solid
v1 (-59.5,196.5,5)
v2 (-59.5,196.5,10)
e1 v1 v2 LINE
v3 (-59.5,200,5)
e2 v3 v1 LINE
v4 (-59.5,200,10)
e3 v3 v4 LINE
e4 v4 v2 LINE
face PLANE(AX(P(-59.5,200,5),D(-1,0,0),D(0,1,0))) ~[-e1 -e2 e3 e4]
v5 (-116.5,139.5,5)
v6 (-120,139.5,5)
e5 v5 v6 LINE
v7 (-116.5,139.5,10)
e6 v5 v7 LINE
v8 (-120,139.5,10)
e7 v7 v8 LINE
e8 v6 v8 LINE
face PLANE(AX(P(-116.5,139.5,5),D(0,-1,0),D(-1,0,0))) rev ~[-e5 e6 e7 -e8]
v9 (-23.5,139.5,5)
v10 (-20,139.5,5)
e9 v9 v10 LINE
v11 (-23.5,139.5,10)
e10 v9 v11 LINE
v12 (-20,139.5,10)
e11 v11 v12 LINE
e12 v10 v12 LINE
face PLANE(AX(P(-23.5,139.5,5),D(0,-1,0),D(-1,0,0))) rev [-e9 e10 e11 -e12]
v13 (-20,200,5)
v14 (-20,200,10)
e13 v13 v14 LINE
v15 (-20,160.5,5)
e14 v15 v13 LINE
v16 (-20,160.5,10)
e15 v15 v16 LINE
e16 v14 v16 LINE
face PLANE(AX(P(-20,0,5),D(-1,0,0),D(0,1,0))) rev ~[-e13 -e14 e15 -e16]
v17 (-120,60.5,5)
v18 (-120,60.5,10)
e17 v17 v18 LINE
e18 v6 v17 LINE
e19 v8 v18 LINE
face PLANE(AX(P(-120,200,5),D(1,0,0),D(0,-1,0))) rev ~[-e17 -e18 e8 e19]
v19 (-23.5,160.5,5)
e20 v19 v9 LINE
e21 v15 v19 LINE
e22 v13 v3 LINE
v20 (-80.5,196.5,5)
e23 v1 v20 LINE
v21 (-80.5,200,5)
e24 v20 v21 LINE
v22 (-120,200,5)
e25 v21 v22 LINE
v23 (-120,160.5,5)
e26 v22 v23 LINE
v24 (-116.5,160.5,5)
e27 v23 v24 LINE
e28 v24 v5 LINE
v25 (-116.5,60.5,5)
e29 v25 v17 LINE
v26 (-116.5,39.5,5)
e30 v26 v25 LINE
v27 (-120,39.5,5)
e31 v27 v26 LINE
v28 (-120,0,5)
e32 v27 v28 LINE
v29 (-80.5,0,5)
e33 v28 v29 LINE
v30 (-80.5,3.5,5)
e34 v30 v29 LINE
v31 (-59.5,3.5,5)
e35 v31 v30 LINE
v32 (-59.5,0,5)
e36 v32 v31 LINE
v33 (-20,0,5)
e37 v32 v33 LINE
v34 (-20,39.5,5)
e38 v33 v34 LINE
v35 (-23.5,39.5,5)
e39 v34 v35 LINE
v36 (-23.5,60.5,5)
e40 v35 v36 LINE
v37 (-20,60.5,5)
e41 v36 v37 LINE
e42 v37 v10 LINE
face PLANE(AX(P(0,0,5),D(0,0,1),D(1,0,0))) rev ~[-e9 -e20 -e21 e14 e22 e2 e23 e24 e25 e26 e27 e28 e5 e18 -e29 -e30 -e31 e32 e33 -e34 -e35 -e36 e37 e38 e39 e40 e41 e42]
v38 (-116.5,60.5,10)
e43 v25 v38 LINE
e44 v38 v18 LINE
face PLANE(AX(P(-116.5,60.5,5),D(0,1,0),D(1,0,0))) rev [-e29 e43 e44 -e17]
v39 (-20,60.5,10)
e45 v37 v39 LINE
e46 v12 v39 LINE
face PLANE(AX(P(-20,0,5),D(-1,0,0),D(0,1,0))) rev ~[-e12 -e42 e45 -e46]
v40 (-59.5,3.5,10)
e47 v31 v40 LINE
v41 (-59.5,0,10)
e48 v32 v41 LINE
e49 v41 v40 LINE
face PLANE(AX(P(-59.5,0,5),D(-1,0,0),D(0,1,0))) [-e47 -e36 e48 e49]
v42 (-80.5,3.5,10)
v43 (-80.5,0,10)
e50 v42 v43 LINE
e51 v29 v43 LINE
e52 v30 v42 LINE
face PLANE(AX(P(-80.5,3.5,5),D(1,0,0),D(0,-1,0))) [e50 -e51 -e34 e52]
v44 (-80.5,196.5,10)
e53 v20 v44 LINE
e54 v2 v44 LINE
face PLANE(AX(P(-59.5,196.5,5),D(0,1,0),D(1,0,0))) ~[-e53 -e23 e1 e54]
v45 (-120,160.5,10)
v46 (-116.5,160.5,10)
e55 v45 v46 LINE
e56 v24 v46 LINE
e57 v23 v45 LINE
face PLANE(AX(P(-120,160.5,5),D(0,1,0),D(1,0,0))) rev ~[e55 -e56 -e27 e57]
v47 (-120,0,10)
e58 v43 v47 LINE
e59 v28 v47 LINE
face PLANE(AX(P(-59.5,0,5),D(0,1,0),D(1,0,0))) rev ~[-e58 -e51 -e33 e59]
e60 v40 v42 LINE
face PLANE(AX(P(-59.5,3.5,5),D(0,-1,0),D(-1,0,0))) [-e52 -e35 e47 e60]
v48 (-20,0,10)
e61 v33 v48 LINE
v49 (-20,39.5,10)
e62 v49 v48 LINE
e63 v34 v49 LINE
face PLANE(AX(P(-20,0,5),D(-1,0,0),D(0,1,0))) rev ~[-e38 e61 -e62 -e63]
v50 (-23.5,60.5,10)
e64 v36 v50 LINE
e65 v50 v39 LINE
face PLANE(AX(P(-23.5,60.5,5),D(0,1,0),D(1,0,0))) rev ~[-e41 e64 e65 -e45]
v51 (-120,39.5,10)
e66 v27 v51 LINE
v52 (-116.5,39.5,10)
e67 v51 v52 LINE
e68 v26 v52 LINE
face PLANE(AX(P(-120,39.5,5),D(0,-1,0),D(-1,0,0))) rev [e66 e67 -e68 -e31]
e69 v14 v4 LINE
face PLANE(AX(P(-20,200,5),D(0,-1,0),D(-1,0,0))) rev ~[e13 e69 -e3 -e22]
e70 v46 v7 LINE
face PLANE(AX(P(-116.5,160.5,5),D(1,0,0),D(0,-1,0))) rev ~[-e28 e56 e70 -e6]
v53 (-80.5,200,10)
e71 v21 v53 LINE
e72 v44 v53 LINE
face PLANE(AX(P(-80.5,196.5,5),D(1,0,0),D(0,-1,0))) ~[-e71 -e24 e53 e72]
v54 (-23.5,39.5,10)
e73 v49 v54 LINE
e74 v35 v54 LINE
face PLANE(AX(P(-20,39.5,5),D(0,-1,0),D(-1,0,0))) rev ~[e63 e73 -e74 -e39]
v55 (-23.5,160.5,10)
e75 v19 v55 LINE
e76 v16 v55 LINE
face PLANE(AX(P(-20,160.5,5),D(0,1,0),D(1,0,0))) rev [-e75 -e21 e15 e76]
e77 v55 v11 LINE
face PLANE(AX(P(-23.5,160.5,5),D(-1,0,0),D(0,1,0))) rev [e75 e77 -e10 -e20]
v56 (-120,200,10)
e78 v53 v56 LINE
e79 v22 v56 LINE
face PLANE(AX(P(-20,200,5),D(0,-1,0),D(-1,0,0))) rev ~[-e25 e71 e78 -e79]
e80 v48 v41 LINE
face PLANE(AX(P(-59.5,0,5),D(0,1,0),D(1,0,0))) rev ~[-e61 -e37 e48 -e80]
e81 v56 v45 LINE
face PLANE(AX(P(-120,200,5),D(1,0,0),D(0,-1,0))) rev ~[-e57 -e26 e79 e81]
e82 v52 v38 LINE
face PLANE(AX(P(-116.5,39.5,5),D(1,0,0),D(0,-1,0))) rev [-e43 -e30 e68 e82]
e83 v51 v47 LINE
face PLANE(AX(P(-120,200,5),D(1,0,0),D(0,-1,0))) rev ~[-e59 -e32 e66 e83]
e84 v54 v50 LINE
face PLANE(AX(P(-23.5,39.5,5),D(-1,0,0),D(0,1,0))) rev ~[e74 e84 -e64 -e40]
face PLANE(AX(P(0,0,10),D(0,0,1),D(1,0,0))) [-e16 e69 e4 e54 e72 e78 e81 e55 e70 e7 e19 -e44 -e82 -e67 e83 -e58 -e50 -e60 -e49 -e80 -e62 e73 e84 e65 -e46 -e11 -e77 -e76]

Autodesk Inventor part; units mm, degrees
ref_plane "YZ Plane" through (0, 0, 0) normal (1, 0, 0) x (0, 1, 0)
ref_plane "XZ Plane" through (0, 0, 0) normal (0, 1, 0) x (-1, 0, 0)
ref_plane "XY Plane" through (0, 0, 0) normal (0, 0, 1) x (1, 0, 0)
sketch "Skizze3" plane through (0, 0, 0) normal (0, 0, 1) x (1, 0, 0)
  line L0 (0, 0) -> (0, 200)
  line L1 (0, 200) -> (-20, 200)
  line L2 (-20, 200) -> (-20, 220)
  line L3 (-20, 220) -> (-120, 220)
  line L4 (-120, 220) -> (-120, 200)
  line L5 (-120, 200) -> (-140, 200)
  line L6 (-140, 200) -> (-140, 160)
  line L7 (-140, 160) -> (-120, 160)
  line L8 (-120, 160) -> (-120, 140)
  line L9 (-120, 140) -> (-140, 140)
  line L10 (-140, 140) -> (-140, 160)
  line L11 (-140, 160) -> (-360, 160)
  line L12 (-360, 160) -> (-360, 140)
  line L13 (-360, 140) -> (-380, 140)
  line L14 (-380, 140) -> (-380, 60)
  line L15 (-380, 60) -> (-360, 60)
  line L16 (-360, 60) -> (-360, 40)
  line L17 (-360, 40) -> (-140, 40)
  line L18 (-140, 40) -> (-140, 60)
  line L19 (-140, 60) -> (-120, 60)
  line L20 (-120, 60) -> (-120, 40)
  line L21 (-120, 40) -> (-140, 40)
  line L22 (-140, 40) -> (-140, 0)
  line L23 (-140, 0) -> (-120, 0)
  line L24 (-120, 0) -> (-120, -20)
  line L25 (-120, -20) -> (-20, -20)
  line L26 (-20, -20) -> (-20, 0)
  line L27 (-20, 0) -> (0, 0)
  dimension "d4" = 200
  dimension "d5" = 20
  dimension "d6" = 20
  dimension "d7" = 100
  dimension "d8" = 20
  dimension "d9" = 20
  dimension "d10" = 20
  dimension "d11" = 40
  dimension "d12" = 220
  dimension "d13" = 20
  dimension "d14" = 20
  dimension "d15" = 220
  dimension "d16" = 80
  dimension "d17" = 20
  dimension "d18" = 20
  dimension "d19" = 20
  dimension "d20" = 100
  dimension "d21" = 20
  dimension "d22" = 20
  dimension "d23" = 40
ref_plane "Arbeitsebene1" through (0, 0, 5) normal (0, 0, 1) x (1, 0, 0)
sketch "Skizze4" plane through (0, 0, 5) normal (0, 0, 1) x (1, 0, 0)
  line L0 (-20, 0) -> (-20, 200)
  line L1 (-20, 200) -> (-120, 200)
  line L2 (-120, 200) -> (-120, 0)
  line L3 (-120, 0) -> (-20, 0)
  line L4 (-59.5, 0) -> (-59.5, 3.5)
  line L5 (-59.5, 3.5) -> (-80.5, 3.5)
  line L6 (-80.5, 3.5) -> (-80.5, 0)
  line L7 (-20, 39.5) -> (-23.5, 39.5)
  line L8 (-23.5, 39.5) -> (-23.5, 60.5)
  line L9 (-23.5, 60.5) -> (-20, 60.5)
  point P0 (0, 0)
  point P1 (-23.5, 50)
  dimension "d26" = 3.5
  dimension "d27" = 39.5
  dimension "d28" = 21
  dimension "d29" = 39.5
  dimension "d36" = 3.5
  dimension "d37" = 21
  dimension "d38" = 39.5
extrude "Extrusion5" add sketch "Skizze4" along normal blind 5
ref_plane "Arbeitsebene2" through (-70, 0, 10) normal (1, 0, 0) x (0, 1, 0)
ref_plane "Arbeitsebene3" through (-120, 100, 10) normal (0, -1, 0) x (1, 0, 0)
extrude "Extrusion6" cut sketch "Skizze4" along normal blind 5 contours L7 L8 L9 L0 | L3 L6 L5 L4
mirror "Spiegeln1" about plane through (-70, 0, 10) normal (1, 0, 0) of "Extrusion6"
mirror "Spiegeln2" about plane through (-120, 100, 10) normal (0, -1, 0) of "Extrusion6", "Spiegeln1"
equation "\"d36\" = d26"
equation "\"d37\" = d28"
equation "\"d38\" = d27"
properties part number "BT003_trajan20_21"
